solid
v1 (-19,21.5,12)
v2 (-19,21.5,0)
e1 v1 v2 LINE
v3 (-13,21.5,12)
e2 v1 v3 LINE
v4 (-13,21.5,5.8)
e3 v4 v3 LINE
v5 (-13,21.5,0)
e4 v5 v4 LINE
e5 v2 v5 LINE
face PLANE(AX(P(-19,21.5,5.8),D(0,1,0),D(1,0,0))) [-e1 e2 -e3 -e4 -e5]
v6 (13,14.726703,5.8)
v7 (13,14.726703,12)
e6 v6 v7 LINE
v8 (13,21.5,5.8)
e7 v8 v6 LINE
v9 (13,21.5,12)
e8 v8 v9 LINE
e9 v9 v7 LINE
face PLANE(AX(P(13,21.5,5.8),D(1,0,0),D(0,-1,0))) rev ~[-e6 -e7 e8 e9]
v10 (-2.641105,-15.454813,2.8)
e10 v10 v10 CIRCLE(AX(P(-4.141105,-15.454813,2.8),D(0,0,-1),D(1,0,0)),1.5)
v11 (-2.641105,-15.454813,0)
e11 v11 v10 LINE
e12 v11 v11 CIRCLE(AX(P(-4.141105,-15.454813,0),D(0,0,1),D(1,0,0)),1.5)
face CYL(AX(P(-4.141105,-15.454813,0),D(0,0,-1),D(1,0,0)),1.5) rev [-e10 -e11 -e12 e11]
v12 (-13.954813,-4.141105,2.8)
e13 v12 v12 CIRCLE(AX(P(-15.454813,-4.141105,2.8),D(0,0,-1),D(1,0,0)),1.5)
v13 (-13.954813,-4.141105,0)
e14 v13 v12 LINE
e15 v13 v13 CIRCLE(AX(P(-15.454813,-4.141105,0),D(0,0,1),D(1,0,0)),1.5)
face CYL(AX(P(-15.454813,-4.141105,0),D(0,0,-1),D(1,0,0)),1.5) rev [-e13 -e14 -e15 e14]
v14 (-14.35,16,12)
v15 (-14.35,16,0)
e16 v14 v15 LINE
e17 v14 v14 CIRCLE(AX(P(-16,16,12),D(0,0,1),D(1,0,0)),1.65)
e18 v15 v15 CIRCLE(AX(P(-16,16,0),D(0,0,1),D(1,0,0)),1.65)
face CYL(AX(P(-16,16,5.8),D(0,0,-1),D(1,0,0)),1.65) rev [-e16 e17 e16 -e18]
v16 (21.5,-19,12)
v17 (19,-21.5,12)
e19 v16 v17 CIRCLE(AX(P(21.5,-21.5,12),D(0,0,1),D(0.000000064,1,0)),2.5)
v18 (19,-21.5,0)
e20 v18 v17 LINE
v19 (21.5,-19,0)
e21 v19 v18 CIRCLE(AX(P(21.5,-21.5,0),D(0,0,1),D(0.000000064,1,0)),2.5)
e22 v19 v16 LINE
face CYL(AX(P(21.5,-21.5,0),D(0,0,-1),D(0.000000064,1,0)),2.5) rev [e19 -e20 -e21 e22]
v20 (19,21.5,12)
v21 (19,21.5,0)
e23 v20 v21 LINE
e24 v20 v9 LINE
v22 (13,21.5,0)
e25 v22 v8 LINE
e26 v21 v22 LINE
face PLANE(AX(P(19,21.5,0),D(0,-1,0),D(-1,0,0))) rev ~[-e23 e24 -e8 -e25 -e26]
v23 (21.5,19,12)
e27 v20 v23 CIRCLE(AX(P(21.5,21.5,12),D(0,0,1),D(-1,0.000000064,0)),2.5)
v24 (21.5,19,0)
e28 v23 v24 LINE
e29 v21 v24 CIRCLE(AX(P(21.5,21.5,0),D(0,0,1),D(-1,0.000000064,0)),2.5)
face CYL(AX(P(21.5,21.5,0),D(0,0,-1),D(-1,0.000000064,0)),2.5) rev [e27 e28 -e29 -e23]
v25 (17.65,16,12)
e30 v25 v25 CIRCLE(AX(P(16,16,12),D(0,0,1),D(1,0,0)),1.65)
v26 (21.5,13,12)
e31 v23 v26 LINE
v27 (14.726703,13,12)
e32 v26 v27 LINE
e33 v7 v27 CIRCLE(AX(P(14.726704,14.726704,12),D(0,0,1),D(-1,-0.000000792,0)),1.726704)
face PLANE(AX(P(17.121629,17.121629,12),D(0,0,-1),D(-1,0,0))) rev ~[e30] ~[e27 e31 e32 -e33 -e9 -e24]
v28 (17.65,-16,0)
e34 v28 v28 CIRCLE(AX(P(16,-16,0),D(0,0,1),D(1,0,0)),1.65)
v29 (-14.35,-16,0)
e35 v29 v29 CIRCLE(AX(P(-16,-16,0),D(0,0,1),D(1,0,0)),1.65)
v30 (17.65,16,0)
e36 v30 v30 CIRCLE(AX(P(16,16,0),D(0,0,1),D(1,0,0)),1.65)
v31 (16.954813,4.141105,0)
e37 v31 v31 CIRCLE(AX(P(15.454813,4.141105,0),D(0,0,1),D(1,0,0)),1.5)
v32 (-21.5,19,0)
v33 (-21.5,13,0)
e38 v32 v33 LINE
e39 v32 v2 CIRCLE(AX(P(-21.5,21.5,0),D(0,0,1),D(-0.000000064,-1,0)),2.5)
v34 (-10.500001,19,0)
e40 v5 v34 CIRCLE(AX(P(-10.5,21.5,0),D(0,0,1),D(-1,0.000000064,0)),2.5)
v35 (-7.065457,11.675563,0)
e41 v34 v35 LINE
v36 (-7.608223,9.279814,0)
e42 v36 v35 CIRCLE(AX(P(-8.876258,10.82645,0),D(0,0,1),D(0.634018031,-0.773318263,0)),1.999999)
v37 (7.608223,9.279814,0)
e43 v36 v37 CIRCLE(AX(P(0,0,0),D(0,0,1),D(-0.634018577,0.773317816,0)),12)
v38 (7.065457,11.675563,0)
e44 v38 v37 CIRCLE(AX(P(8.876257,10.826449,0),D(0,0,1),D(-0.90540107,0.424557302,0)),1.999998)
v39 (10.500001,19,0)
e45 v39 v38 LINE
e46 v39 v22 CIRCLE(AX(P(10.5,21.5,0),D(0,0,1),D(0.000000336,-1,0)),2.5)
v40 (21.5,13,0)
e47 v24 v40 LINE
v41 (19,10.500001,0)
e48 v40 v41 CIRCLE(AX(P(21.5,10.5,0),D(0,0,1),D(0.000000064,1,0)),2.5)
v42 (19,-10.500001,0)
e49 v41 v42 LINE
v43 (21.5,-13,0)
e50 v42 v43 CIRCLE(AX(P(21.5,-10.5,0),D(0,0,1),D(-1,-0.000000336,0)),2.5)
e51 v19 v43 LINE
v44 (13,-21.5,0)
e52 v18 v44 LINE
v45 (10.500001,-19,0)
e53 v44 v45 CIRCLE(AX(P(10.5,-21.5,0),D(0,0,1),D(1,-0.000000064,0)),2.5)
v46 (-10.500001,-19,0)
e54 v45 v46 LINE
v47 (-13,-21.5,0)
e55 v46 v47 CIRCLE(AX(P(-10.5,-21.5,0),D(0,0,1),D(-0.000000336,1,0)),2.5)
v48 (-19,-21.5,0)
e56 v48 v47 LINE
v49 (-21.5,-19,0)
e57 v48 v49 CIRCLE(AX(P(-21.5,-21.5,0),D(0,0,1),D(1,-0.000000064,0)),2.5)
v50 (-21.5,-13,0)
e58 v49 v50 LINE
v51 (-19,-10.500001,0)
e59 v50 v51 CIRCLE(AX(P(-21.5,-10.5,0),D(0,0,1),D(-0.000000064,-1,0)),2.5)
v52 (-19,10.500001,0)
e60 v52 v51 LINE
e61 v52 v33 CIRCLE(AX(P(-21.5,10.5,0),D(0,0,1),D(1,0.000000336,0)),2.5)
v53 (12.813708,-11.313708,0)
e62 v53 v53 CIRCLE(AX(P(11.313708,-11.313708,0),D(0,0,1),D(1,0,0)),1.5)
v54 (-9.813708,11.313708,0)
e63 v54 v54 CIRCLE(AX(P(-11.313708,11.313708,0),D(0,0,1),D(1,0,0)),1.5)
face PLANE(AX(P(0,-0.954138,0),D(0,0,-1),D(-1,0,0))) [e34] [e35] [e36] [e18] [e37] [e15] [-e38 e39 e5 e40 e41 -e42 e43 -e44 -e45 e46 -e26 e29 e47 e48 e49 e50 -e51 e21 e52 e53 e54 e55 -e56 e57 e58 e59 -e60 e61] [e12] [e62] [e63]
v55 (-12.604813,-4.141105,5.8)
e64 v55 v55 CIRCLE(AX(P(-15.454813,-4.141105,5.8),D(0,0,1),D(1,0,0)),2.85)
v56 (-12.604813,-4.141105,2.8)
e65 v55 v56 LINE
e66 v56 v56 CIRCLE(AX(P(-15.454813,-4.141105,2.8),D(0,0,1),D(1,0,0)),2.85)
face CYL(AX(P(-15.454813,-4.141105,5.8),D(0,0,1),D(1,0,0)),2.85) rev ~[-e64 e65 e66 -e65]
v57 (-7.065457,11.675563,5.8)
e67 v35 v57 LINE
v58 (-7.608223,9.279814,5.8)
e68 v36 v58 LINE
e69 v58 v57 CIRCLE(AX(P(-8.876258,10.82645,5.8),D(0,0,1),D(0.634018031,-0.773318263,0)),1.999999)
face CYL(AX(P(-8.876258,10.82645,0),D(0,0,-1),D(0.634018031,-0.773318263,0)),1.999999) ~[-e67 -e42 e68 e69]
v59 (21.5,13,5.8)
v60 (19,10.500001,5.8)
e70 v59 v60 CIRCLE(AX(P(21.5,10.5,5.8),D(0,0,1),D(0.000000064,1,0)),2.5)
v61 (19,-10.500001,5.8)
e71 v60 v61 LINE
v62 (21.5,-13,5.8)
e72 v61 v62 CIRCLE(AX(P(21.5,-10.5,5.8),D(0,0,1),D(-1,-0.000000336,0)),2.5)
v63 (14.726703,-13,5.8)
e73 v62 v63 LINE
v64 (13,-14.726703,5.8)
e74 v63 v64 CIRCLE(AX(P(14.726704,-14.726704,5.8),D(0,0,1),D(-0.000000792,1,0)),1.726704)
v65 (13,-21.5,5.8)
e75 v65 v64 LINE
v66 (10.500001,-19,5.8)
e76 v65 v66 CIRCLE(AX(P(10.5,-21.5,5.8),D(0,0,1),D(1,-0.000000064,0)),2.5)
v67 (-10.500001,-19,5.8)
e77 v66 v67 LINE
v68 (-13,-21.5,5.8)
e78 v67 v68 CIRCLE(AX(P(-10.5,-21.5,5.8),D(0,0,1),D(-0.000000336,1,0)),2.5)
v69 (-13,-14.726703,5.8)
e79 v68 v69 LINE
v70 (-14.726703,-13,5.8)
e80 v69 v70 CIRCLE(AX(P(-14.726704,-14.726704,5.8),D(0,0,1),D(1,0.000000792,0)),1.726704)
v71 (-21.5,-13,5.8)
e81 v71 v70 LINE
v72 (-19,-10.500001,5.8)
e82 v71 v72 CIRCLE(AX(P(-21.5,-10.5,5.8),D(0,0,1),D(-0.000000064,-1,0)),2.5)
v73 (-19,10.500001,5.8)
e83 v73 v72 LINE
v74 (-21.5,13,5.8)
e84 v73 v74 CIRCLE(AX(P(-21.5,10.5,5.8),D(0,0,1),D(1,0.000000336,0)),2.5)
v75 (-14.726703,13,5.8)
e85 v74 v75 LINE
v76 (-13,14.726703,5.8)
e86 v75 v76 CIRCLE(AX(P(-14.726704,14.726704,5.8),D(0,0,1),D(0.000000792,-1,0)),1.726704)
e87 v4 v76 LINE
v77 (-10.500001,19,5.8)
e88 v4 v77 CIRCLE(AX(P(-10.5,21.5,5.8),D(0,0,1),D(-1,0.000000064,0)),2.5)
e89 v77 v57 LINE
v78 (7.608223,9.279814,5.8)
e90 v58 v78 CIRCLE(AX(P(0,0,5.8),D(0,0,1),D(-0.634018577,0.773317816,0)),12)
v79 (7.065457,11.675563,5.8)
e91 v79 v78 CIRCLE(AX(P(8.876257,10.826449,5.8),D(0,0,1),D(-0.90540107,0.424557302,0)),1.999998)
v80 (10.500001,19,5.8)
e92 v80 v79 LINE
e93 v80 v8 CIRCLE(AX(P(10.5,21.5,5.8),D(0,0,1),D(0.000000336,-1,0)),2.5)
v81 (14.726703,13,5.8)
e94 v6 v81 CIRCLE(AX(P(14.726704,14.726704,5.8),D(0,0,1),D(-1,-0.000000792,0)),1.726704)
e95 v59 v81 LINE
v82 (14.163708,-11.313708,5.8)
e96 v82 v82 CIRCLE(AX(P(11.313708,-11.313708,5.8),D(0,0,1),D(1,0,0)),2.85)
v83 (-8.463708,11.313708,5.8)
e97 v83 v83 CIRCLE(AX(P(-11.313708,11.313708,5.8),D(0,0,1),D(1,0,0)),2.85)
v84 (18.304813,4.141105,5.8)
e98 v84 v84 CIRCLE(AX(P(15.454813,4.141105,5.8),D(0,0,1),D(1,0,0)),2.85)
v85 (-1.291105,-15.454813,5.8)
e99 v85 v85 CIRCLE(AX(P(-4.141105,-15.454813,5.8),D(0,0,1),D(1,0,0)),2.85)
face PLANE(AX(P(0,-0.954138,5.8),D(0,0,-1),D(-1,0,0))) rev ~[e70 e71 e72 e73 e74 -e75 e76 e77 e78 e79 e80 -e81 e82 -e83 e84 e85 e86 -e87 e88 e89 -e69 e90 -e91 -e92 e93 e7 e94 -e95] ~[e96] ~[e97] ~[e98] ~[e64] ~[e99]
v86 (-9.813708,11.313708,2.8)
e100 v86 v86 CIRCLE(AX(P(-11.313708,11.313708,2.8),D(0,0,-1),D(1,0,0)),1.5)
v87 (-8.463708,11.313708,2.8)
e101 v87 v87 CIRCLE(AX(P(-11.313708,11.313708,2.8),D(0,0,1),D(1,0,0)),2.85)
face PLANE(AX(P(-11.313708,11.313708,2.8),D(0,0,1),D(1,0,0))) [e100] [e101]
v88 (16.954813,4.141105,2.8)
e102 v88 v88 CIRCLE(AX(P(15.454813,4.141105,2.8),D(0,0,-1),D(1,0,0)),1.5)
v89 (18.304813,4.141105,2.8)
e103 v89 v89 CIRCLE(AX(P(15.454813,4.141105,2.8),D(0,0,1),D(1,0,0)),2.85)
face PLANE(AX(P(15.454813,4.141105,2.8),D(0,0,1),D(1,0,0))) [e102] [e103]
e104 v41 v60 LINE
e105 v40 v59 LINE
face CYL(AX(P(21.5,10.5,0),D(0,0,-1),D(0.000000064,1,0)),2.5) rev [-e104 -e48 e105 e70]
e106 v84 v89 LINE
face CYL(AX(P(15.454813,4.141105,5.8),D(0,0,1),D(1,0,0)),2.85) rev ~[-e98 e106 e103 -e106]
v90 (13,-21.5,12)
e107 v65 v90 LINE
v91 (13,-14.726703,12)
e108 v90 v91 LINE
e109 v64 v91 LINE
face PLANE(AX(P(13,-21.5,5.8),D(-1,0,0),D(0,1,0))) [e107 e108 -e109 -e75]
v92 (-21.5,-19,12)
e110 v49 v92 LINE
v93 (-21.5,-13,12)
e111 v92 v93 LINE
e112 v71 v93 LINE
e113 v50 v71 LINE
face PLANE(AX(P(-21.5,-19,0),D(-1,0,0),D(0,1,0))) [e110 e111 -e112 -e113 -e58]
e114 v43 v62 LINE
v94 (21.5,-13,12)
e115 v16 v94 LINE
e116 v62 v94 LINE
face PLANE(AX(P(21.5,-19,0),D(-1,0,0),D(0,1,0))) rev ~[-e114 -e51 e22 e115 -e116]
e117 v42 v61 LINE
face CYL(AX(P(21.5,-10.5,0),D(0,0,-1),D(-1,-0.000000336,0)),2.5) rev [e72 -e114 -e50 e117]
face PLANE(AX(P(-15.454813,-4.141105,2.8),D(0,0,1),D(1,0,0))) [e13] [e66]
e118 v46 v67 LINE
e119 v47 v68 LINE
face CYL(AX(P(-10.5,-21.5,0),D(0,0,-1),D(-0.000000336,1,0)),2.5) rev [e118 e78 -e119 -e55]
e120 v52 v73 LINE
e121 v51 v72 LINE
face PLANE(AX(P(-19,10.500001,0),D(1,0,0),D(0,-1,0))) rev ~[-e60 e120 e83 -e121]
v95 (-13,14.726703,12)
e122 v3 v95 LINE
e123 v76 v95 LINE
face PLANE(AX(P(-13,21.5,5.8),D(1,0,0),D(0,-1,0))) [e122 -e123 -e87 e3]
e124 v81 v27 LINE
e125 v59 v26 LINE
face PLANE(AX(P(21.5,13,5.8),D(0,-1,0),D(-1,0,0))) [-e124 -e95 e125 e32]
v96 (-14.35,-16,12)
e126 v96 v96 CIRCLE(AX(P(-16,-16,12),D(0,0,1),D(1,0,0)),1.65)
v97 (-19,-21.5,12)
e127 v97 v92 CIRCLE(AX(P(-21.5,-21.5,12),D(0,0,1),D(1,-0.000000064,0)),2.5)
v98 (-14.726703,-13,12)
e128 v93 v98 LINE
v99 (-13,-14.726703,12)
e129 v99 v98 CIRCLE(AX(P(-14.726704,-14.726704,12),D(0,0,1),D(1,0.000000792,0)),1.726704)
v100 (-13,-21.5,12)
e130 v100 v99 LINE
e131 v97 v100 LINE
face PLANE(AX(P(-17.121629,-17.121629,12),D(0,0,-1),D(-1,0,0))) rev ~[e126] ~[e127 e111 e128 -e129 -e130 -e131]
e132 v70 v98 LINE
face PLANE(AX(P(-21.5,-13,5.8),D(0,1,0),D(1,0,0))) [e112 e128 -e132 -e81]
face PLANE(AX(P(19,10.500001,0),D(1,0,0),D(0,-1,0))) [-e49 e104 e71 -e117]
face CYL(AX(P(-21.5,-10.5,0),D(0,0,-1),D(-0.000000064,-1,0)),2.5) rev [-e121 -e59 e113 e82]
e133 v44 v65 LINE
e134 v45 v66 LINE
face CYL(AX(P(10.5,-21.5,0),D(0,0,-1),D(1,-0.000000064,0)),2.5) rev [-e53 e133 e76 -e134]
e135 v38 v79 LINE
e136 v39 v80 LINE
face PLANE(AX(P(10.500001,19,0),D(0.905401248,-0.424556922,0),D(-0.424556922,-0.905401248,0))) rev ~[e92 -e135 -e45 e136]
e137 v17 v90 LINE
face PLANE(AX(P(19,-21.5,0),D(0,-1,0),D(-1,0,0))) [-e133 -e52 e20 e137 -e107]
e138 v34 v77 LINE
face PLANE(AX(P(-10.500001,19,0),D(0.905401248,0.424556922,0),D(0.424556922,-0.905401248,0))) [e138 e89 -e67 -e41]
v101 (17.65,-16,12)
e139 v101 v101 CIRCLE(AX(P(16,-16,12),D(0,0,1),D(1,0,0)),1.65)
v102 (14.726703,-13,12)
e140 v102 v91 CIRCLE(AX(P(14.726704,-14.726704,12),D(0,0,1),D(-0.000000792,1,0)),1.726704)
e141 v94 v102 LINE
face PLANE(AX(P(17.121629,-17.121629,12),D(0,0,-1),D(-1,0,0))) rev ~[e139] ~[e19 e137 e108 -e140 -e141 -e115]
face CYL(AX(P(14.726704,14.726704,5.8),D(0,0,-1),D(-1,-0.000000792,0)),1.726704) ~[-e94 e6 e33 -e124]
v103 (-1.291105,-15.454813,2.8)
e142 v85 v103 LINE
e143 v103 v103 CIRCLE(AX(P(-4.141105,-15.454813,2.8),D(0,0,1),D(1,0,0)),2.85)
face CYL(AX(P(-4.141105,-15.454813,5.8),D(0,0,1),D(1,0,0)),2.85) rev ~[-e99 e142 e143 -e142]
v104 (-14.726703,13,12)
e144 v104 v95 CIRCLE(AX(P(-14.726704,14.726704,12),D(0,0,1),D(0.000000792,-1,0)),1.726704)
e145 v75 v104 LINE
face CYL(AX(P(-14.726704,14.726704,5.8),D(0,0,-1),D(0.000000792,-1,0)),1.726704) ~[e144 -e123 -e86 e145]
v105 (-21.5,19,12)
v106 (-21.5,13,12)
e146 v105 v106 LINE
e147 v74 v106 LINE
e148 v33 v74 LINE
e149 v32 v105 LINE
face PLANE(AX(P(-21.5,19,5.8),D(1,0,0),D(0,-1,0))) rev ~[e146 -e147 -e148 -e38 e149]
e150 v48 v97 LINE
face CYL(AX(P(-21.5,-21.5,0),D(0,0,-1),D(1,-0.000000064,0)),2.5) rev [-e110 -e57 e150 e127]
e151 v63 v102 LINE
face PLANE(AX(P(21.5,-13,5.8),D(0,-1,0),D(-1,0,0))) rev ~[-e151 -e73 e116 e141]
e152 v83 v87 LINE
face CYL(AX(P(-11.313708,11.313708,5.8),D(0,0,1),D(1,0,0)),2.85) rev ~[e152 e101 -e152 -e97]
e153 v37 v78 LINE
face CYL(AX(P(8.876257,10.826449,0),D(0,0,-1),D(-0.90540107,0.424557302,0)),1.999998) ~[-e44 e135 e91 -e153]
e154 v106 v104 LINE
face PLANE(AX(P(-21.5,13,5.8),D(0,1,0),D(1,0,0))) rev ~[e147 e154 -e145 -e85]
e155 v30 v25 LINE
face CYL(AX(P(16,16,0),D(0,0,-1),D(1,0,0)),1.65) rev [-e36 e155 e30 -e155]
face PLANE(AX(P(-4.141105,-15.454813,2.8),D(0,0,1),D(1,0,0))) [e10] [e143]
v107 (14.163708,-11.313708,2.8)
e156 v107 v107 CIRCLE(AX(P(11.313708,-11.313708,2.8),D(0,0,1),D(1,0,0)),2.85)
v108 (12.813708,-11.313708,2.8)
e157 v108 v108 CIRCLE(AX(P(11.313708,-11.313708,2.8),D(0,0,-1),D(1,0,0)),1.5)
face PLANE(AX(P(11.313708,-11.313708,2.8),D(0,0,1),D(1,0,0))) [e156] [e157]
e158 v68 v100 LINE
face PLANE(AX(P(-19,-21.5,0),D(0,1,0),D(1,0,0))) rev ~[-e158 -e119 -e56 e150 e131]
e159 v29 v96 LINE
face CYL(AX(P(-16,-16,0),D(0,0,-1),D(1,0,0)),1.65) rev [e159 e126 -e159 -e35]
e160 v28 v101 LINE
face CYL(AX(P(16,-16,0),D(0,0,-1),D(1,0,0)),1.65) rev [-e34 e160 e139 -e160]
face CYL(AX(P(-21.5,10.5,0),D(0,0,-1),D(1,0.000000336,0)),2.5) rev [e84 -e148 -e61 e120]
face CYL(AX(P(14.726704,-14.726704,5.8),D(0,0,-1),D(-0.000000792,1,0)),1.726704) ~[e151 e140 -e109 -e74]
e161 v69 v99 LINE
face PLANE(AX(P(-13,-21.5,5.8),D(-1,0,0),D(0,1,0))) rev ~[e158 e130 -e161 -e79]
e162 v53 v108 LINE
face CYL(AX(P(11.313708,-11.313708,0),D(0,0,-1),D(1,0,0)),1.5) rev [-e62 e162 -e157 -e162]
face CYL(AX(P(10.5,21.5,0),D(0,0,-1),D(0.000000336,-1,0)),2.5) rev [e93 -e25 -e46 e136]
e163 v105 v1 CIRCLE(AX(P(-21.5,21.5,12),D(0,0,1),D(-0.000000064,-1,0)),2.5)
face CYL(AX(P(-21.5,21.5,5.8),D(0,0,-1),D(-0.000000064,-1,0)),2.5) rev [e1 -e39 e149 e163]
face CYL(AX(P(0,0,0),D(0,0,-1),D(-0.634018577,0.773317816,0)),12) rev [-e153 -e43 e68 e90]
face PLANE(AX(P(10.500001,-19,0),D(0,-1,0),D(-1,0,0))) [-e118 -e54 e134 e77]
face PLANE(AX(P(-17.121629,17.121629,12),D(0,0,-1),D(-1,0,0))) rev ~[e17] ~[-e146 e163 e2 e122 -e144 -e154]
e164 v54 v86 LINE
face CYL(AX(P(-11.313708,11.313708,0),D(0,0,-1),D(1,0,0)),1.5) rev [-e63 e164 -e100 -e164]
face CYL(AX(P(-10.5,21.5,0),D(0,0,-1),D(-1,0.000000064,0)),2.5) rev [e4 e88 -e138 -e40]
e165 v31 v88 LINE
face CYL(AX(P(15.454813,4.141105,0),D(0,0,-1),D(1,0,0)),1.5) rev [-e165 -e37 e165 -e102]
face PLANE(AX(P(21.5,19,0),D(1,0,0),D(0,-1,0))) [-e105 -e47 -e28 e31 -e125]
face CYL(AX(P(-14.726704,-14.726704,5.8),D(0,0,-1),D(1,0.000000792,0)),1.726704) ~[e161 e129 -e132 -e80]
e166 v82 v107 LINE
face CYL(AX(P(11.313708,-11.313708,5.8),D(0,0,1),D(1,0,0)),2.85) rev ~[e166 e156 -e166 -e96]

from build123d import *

# Parameters (mm, degrees)
SKETCH_R     = 1.5
SKETCH_R_2   = 1.65
PAD_DEPTH    = 5.8
SKETCH001_R  = 1.65
PAD001_DEPTH = 6.2
SKETCH002_R  = 2.85
POCKET_DEPTH = 3


with BuildPart() as part:
    # Sketch → Pad (new body)
    with BuildSketch(Plane.XY):
        with BuildLine():
            ThreePointArc((-21.5, 19), (-19.732233, 19.732233), (-19, 21.5))
            Line((-19, 21.5), (-13, 21.5))
            ThreePointArc((-13, 21.5), (-12.267767, 19.732233), (-10.500001, 19))
            Line((-10.500001, 19), (-7.065457, 11.675563))
            ThreePointArc((-7.608223, 9.279814), (-6.925691, 10.384542), (-7.065457, 11.675563))
            ThreePointArc((-7.608223, 9.279814), (0, -12), (7.608223, 9.279814))
            ThreePointArc((7.065457, 11.675563), (6.925691, 10.384541), (7.608223, 9.279814))
            Line((10.500001, 19), (7.065457, 11.675563))
            ThreePointArc((10.500001, 19), (12.267767, 19.732233), (13, 21.5))
            Line((19, 21.5), (13, 21.5))
            ThreePointArc((19, 21.5), (19.732233, 19.732233), (21.5, 19))
            Line((21.5, 19), (21.5, 13))
            ThreePointArc((21.5, 13), (19.732233, 12.267767), (19, 10.500001))
            Line((19, 10.500001), (19, -10.500001))
            ThreePointArc((19, -10.500001), (19.732233, -12.267767), (21.5, -13))
            Line((21.5, -19), (21.5, -13))
            ThreePointArc((21.5, -19), (19.732233, -19.732233), (19, -21.5))
            Line((19, -21.5), (13, -21.5))
            ThreePointArc((13, -21.5), (12.267767, -19.732233), (10.500001, -19))
            Line((10.500001, -19), (-10.500001, -19))
            ThreePointArc((-10.500001, -19), (-12.267767, -19.732233), (-13, -21.5))
            Line((-19, -21.5), (-13, -21.5))
            ThreePointArc((-19, -21.5), (-19.732233, -19.732233), (-21.5, -19))
            Line((-21.5, -19), (-21.5, -13))
            ThreePointArc((-21.5, -13), (-19.732233, -12.267767), (-19, -10.500001))
            Line((-19, 10.500001), (-19, -10.500001))
            ThreePointArc((-19, 10.500001), (-19.732233, 12.267767), (-21.5, 13))
            Line((-21.5, 19), (-21.5, 13))
        make_face()
        with Locations((-11.313708, 11.313708)):
            Circle(SKETCH_R, mode=Mode.SUBTRACT)
        with Locations((-15.454813, -4.141105)):
            Circle(SKETCH_R, mode=Mode.SUBTRACT)
        with Locations((-4.141105, -15.454813)):
            Circle(SKETCH_R, mode=Mode.SUBTRACT)
        with Locations((11.313708, -11.313708)):
            Circle(SKETCH_R, mode=Mode.SUBTRACT)
        with Locations((15.454813, 4.141105)):
            Circle(SKETCH_R, mode=Mode.SUBTRACT)
        with Locations((-16, 16)):
            Circle(SKETCH_R_2, mode=Mode.SUBTRACT)
        with Locations((16, 16)):
            Circle(SKETCH_R_2, mode=Mode.SUBTRACT)
        with Locations((16, -16)):
            Circle(SKETCH_R_2, mode=Mode.SUBTRACT)
        with Locations((-16, -16)):
            Circle(SKETCH_R_2, mode=Mode.SUBTRACT)
    extrude(amount=PAD_DEPTH)

    # Sketch001 (on Face39 of Pad) → Pad001 (join)
    with BuildSketch(Plane.XY.offset(5.8)):
        with BuildLine():
            ThreePointArc((-21.5, 19), (-19.732233, 19.732233), (-19, 21.5))
            Line((-19, 21.5), (-13, 21.5))
            Line((-13, 21.5), (-13, 14.726703))
            ThreePointArc((-14.726703, 13), (-13.50574, 13.50574), (-13, 14.726703))
            Line((-21.5, 13), (-14.726703, 13))
            Line((-21.5, 19), (-21.5, 13))
        make_face()
        with Locations((-16, 16)):
            Circle(SKETCH001_R, mode=Mode.SUBTRACT)
        with BuildLine():
            ThreePointArc((-19, -21.5), (-19.732233, -19.732233), (-21.5, -19))
            Line((-21.5, -19), (-21.5, -13))
            Line((-21.5, -13), (-14.726703, -13))
            ThreePointArc((-13, -14.726703), (-13.50574, -13.50574), (-14.726703, -13))
            Line((-13, -21.5), (-13, -14.726703))
            Line((-19, -21.5), (-13, -21.5))
        make_face()
        with Locations((-16, -16)):
            Circle(SKETCH001_R, mode=Mode.SUBTRACT)
        with BuildLine():
            ThreePointArc((21.5, -19), (19.732233, -19.732233), (19, -21.5))
            Line((19, -21.5), (13, -21.5))
            Line((13, -21.5), (13, -14.726703))
            ThreePointArc((14.726703, -13), (13.50574, -13.50574), (13, -14.726703))
            Line((21.5, -13), (14.726703, -13))
            Line((21.5, -19), (21.5, -13))
        make_face()
        with Locations((16, -16)):
            Circle(SKETCH001_R, mode=Mode.SUBTRACT)
        with BuildLine():
            ThreePointArc((19, 21.5), (19.732233, 19.732233), (21.5, 19))
            Line((21.5, 19), (21.5, 13))
            Line((21.5, 13), (14.726703, 13))
            ThreePointArc((13, 14.726703), (13.50574, 13.50574), (14.726703, 13))
            Line((13, 21.5), (13, 14.726703))
            Line((19, 21.5), (13, 21.5))
        make_face()
        with Locations((16, 16)):
            Circle(SKETCH001_R, mode=Mode.SUBTRACT)
    extrude(amount=PAD001_DEPTH)

    # Sketch002 (on Face4 of Pad001) → Pocket (cut)
    with BuildSketch(Plane.XY.offset(5.8)):
        with Locations((-11.313708, 11.313708)):
            Circle(SKETCH002_R)
        with Locations((15.454813, 4.141105)):
            Circle(SKETCH002_R)
        with Locations((11.313708, -11.313708)):
            Circle(SKETCH002_R)
        with Locations((-4.141105, -15.454813)):
            Circle(SKETCH002_R)
        with Locations((-15.454813, -4.141105)):
            Circle(SKETCH002_R)
    extrude(amount=-POCKET_DEPTH, mode=Mode.SUBTRACT)


solid = part.part
